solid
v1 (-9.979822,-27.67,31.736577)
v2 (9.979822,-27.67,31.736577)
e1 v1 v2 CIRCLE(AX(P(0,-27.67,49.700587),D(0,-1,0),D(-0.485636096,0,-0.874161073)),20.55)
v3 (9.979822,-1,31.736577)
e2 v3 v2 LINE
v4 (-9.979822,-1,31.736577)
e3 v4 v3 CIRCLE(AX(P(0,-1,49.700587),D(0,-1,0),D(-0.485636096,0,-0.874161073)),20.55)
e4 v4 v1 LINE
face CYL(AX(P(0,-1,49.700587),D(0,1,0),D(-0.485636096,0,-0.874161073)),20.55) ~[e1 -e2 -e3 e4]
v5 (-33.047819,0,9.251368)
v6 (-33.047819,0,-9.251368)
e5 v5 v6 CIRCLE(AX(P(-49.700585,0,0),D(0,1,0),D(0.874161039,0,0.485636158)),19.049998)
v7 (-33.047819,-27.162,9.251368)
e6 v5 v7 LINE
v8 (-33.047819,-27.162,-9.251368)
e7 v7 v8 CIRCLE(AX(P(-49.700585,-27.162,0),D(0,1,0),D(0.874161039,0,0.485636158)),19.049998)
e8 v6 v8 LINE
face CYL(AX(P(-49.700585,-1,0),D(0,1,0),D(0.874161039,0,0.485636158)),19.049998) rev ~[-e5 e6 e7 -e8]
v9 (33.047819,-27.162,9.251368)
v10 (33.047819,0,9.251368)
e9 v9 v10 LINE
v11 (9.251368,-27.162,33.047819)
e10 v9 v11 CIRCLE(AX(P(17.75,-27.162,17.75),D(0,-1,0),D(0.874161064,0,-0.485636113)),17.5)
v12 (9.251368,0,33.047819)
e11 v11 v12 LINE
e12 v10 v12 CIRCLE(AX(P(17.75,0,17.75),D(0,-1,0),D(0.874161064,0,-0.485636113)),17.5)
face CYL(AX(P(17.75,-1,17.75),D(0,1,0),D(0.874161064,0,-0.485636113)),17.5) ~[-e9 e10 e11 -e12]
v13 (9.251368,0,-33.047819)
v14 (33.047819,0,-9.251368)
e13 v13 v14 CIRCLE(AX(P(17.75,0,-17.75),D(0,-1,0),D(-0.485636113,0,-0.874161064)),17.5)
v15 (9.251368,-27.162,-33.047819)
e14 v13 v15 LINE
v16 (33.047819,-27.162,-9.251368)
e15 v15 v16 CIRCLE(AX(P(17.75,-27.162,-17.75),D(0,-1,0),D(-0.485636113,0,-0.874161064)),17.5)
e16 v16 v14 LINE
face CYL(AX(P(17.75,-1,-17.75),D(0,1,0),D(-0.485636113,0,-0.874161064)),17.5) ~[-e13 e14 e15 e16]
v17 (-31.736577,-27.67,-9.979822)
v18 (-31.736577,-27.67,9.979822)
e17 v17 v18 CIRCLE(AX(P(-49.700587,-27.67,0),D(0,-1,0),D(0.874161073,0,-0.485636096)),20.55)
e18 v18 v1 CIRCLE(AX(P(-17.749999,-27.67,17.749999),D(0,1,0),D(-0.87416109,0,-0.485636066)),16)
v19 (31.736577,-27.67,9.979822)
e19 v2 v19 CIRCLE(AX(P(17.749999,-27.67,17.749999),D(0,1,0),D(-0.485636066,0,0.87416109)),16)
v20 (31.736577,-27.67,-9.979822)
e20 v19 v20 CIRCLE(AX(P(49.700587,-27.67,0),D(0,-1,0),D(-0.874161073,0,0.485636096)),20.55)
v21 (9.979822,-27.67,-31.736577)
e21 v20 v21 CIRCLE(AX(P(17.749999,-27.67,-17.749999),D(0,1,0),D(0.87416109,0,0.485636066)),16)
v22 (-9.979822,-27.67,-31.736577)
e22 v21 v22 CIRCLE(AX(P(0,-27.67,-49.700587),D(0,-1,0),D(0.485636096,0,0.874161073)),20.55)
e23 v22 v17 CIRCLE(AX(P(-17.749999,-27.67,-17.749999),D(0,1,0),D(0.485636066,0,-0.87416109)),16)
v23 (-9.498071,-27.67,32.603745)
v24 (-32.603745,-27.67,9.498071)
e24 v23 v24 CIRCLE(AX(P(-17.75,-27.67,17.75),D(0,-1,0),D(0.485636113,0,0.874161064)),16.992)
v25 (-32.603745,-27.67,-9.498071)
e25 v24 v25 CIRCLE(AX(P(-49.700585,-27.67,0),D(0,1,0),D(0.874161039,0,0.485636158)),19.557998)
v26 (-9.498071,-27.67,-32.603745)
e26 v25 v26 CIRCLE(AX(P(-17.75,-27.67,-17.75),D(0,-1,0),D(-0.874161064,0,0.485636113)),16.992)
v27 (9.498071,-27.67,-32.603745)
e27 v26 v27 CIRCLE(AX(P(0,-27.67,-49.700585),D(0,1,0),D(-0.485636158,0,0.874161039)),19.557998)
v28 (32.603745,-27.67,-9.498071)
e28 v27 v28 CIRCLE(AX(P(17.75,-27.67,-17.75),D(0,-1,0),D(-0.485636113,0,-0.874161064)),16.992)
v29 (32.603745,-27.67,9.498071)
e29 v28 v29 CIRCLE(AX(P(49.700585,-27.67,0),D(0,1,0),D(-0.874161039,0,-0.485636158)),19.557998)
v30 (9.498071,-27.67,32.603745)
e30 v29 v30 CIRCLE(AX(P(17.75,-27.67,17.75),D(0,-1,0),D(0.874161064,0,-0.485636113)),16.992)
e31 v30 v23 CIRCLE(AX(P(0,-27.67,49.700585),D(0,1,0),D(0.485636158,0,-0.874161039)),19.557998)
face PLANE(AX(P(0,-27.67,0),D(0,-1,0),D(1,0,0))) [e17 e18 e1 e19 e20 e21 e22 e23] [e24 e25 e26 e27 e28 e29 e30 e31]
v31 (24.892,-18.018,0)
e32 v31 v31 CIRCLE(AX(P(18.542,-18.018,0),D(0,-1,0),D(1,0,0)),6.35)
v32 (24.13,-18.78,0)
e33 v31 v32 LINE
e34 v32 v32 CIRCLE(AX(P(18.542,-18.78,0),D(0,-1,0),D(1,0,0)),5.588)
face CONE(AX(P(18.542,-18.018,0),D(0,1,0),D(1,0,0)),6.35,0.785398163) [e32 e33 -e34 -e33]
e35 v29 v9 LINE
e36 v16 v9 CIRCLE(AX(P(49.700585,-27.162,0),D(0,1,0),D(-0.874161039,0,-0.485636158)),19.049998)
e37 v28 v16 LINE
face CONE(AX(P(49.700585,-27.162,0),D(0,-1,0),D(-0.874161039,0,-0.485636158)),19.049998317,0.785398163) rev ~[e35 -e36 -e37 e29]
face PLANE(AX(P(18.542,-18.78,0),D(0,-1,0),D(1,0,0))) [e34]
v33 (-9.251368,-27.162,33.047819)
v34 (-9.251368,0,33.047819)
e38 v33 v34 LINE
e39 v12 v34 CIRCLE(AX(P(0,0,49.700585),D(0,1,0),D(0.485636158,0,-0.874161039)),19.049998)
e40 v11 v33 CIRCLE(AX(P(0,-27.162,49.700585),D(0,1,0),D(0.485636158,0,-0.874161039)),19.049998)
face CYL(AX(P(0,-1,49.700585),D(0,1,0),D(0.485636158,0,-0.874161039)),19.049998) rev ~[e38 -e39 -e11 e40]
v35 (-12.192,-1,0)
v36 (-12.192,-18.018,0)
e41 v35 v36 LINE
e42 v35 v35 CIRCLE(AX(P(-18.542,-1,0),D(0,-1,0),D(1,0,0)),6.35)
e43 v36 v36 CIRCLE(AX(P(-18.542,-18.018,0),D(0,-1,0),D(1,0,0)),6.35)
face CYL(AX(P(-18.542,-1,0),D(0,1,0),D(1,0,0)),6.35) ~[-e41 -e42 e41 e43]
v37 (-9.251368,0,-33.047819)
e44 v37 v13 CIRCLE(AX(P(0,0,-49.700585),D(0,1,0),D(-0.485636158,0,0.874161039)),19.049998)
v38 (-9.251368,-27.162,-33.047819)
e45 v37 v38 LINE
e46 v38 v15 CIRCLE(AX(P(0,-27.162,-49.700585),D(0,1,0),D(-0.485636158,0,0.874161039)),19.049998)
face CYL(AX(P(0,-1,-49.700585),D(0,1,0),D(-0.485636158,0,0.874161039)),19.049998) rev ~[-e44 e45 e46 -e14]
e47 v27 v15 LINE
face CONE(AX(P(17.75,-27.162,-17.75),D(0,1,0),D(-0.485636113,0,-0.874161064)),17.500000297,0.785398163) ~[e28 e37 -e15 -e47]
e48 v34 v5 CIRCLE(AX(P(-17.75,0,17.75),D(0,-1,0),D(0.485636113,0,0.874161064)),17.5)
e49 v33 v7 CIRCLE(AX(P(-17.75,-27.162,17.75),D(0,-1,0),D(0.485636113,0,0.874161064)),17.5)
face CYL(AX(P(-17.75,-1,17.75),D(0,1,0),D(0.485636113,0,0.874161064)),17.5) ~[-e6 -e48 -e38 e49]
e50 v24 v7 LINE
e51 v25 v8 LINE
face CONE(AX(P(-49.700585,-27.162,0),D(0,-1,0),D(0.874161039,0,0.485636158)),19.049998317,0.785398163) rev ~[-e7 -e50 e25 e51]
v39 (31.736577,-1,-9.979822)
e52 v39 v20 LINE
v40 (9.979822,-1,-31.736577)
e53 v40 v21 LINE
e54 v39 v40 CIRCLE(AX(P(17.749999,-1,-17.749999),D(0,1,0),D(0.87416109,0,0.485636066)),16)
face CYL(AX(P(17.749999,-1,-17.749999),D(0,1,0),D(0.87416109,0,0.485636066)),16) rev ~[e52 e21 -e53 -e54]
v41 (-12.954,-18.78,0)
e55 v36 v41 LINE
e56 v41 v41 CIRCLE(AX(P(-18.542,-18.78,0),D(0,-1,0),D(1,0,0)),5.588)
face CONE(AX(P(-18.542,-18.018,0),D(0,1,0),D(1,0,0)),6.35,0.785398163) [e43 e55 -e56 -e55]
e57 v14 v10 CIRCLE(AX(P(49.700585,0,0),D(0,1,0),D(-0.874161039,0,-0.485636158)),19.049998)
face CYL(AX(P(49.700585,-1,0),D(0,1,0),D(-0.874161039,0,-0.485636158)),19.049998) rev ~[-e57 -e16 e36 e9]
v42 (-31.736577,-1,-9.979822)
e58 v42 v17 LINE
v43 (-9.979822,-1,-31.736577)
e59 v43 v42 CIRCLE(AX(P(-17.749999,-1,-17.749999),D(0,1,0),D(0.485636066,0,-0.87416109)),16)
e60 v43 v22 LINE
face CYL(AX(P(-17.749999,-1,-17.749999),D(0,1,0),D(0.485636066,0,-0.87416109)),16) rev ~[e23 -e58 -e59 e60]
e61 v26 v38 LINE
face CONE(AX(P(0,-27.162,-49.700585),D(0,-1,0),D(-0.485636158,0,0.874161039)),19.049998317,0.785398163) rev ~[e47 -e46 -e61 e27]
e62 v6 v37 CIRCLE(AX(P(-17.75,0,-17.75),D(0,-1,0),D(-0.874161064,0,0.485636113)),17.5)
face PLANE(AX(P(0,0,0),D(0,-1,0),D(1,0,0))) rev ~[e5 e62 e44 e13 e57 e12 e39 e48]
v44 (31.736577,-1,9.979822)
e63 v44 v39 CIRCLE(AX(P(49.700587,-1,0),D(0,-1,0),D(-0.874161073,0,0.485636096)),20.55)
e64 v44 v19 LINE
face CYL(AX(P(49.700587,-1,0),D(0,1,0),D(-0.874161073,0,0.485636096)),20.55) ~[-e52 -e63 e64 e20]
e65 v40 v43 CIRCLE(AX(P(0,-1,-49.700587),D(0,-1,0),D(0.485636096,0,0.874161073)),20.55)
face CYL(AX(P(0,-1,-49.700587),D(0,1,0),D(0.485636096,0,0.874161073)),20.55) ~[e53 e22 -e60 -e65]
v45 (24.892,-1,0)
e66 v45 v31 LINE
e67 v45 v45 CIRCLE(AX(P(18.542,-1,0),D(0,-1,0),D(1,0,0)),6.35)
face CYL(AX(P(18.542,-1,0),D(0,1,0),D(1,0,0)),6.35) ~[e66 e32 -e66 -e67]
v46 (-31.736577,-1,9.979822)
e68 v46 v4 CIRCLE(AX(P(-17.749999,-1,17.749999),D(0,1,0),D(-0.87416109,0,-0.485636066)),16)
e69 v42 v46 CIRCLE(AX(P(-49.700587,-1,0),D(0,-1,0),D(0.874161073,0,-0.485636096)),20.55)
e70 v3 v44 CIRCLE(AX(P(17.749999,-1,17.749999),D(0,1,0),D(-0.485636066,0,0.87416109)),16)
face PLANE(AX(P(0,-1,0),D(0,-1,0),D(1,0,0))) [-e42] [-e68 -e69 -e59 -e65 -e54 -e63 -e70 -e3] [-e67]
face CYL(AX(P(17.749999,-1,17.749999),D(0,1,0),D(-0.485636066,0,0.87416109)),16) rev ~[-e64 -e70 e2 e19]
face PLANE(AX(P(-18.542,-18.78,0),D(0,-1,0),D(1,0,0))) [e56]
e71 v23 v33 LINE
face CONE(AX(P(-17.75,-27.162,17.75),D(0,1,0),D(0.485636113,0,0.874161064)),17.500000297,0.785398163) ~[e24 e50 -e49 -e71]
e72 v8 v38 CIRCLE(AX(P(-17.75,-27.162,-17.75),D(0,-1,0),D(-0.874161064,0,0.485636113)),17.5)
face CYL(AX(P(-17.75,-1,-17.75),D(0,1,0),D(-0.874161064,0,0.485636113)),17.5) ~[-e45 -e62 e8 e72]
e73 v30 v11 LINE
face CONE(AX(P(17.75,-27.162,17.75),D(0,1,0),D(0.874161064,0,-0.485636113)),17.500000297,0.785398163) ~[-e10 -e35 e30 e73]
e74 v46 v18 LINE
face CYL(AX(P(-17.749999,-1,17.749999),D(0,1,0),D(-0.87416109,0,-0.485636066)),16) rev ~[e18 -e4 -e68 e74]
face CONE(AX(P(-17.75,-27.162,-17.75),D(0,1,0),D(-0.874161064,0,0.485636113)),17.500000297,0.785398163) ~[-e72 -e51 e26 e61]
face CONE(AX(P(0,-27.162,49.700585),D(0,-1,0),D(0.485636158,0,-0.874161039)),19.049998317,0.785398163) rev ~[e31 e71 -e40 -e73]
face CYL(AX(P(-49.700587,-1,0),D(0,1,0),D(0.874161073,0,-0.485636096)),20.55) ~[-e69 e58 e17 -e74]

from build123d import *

# Parameters (mm, degrees)
F1_DEPTH = 1
F3_DEPTH = 26.67
F4_R     = 6.35
F5_DEPTH = 17.78
F6_SIZE  = 0.762
F7_SIZE  = 0.508


with BuildPart() as f1:
    # F0 (on Front) → F1 (new body)
    with BuildSketch(Plane.XZ):
        with BuildLine():
            ThreePointArc((-9.251368, 33.047819), (-30.124369, 30.124369), (-33.047819, 9.251368))
            ThreePointArc((-33.047819, 9.251368), (-30.650587, 0), (-33.047819, -9.251368))
            ThreePointArc((-33.047819, -9.251368), (-30.124369, -30.124369), (-9.251368, -33.047819))
            ThreePointArc((-9.251368, -33.047819), (0, -30.650587), (9.251368, -33.047819))
            ThreePointArc((9.251368, -33.047819), (30.124369, -30.124369), (33.047819, -9.251368))
            ThreePointArc((33.047819, -9.251368), (30.650587, 0), (33.047819, 9.251368))
            ThreePointArc((33.047819, 9.251368), (30.124369, 30.124369), (9.251368, 33.047819))
            ThreePointArc((9.251368, 33.047819), (0, 30.650587), (-9.251368, 33.047819))
        make_face()
    extrude(amount=F1_DEPTH)

    # F2 (on face) → F3 (join)
    with BuildSketch(Plane.XZ.offset(1)):
        with BuildLine():
            ThreePointArc((-9.251368, 33.047819), (-30.124369, 30.124369), (-33.047819, 9.251368))
            ThreePointArc((-33.047819, 9.251368), (-30.650587, 0), (-33.047819, -9.251368))
            ThreePointArc((-33.047819, -9.251368), (-30.124369, -30.124369), (-9.251368, -33.047819))
            ThreePointArc((-9.251368, -33.047819), (0, -30.650587), (9.251368, -33.047819))
            ThreePointArc((9.251368, -33.047819), (30.124369, -30.124369), (33.047819, -9.251368))
            ThreePointArc((33.047819, -9.251368), (30.650587, 0), (33.047819, 9.251368))
            ThreePointArc((33.047819, 9.251368), (30.124369, 30.124369), (9.251368, 33.047819))
            ThreePointArc((9.251368, 33.047819), (0, 30.650587), (-9.251368, 33.047819))
        make_face()
        with BuildLine():
            ThreePointArc((-9.979822, 31.736577), (0, 29.150587), (9.979822, 31.736577))
            ThreePointArc((9.979822, 31.736577), (29.063708, 29.063708), (31.736577, 9.979822))
            ThreePointArc((31.736577, 9.979822), (29.150587, 0), (31.736577, -9.979822))
            ThreePointArc((31.736577, -9.979822), (29.063708, -29.063708), (9.979822, -31.736577))
            ThreePointArc((9.979822, -31.736577), (0, -29.150587), (-9.979822, -31.736577))
            ThreePointArc((-9.979822, -31.736577), (-29.063708, -29.063708), (-31.736577, -9.979822))
            ThreePointArc((-31.736577, -9.979822), (-29.150587, 0), (-31.736577, 9.979822))
            ThreePointArc((-31.736577, 9.979822), (-29.063708, 29.063708), (-9.979822, 31.736577))
        make_face(mode=Mode.SUBTRACT)
    extrude(amount=F3_DEPTH)

    # F4 (on face) → F5 (join)
    with BuildSketch(Plane.XZ.offset(1)):
        with Locations((-18.542, 0)):
            Circle(F4_R)
        with Locations((18.542, 0)):
            Circle(F4_R)
    extrude(amount=F5_DEPTH)

    # F6
    f6_edges = [f1.edges().sort_by_distance(p)[0] for p in [
        (12.192, -18.78, 0),
        (-24.892, -18.78, 0),
    ]]
    chamfer(f6_edges, length=F6_SIZE)

    # F7
    f7_edges = [f1.edges().sort_by_distance(p)[0] for p in [
        (-30.124369, -27.67, 30.124369),
    ]]
    chamfer(f7_edges, length=F7_SIZE)


solid = f1.part
